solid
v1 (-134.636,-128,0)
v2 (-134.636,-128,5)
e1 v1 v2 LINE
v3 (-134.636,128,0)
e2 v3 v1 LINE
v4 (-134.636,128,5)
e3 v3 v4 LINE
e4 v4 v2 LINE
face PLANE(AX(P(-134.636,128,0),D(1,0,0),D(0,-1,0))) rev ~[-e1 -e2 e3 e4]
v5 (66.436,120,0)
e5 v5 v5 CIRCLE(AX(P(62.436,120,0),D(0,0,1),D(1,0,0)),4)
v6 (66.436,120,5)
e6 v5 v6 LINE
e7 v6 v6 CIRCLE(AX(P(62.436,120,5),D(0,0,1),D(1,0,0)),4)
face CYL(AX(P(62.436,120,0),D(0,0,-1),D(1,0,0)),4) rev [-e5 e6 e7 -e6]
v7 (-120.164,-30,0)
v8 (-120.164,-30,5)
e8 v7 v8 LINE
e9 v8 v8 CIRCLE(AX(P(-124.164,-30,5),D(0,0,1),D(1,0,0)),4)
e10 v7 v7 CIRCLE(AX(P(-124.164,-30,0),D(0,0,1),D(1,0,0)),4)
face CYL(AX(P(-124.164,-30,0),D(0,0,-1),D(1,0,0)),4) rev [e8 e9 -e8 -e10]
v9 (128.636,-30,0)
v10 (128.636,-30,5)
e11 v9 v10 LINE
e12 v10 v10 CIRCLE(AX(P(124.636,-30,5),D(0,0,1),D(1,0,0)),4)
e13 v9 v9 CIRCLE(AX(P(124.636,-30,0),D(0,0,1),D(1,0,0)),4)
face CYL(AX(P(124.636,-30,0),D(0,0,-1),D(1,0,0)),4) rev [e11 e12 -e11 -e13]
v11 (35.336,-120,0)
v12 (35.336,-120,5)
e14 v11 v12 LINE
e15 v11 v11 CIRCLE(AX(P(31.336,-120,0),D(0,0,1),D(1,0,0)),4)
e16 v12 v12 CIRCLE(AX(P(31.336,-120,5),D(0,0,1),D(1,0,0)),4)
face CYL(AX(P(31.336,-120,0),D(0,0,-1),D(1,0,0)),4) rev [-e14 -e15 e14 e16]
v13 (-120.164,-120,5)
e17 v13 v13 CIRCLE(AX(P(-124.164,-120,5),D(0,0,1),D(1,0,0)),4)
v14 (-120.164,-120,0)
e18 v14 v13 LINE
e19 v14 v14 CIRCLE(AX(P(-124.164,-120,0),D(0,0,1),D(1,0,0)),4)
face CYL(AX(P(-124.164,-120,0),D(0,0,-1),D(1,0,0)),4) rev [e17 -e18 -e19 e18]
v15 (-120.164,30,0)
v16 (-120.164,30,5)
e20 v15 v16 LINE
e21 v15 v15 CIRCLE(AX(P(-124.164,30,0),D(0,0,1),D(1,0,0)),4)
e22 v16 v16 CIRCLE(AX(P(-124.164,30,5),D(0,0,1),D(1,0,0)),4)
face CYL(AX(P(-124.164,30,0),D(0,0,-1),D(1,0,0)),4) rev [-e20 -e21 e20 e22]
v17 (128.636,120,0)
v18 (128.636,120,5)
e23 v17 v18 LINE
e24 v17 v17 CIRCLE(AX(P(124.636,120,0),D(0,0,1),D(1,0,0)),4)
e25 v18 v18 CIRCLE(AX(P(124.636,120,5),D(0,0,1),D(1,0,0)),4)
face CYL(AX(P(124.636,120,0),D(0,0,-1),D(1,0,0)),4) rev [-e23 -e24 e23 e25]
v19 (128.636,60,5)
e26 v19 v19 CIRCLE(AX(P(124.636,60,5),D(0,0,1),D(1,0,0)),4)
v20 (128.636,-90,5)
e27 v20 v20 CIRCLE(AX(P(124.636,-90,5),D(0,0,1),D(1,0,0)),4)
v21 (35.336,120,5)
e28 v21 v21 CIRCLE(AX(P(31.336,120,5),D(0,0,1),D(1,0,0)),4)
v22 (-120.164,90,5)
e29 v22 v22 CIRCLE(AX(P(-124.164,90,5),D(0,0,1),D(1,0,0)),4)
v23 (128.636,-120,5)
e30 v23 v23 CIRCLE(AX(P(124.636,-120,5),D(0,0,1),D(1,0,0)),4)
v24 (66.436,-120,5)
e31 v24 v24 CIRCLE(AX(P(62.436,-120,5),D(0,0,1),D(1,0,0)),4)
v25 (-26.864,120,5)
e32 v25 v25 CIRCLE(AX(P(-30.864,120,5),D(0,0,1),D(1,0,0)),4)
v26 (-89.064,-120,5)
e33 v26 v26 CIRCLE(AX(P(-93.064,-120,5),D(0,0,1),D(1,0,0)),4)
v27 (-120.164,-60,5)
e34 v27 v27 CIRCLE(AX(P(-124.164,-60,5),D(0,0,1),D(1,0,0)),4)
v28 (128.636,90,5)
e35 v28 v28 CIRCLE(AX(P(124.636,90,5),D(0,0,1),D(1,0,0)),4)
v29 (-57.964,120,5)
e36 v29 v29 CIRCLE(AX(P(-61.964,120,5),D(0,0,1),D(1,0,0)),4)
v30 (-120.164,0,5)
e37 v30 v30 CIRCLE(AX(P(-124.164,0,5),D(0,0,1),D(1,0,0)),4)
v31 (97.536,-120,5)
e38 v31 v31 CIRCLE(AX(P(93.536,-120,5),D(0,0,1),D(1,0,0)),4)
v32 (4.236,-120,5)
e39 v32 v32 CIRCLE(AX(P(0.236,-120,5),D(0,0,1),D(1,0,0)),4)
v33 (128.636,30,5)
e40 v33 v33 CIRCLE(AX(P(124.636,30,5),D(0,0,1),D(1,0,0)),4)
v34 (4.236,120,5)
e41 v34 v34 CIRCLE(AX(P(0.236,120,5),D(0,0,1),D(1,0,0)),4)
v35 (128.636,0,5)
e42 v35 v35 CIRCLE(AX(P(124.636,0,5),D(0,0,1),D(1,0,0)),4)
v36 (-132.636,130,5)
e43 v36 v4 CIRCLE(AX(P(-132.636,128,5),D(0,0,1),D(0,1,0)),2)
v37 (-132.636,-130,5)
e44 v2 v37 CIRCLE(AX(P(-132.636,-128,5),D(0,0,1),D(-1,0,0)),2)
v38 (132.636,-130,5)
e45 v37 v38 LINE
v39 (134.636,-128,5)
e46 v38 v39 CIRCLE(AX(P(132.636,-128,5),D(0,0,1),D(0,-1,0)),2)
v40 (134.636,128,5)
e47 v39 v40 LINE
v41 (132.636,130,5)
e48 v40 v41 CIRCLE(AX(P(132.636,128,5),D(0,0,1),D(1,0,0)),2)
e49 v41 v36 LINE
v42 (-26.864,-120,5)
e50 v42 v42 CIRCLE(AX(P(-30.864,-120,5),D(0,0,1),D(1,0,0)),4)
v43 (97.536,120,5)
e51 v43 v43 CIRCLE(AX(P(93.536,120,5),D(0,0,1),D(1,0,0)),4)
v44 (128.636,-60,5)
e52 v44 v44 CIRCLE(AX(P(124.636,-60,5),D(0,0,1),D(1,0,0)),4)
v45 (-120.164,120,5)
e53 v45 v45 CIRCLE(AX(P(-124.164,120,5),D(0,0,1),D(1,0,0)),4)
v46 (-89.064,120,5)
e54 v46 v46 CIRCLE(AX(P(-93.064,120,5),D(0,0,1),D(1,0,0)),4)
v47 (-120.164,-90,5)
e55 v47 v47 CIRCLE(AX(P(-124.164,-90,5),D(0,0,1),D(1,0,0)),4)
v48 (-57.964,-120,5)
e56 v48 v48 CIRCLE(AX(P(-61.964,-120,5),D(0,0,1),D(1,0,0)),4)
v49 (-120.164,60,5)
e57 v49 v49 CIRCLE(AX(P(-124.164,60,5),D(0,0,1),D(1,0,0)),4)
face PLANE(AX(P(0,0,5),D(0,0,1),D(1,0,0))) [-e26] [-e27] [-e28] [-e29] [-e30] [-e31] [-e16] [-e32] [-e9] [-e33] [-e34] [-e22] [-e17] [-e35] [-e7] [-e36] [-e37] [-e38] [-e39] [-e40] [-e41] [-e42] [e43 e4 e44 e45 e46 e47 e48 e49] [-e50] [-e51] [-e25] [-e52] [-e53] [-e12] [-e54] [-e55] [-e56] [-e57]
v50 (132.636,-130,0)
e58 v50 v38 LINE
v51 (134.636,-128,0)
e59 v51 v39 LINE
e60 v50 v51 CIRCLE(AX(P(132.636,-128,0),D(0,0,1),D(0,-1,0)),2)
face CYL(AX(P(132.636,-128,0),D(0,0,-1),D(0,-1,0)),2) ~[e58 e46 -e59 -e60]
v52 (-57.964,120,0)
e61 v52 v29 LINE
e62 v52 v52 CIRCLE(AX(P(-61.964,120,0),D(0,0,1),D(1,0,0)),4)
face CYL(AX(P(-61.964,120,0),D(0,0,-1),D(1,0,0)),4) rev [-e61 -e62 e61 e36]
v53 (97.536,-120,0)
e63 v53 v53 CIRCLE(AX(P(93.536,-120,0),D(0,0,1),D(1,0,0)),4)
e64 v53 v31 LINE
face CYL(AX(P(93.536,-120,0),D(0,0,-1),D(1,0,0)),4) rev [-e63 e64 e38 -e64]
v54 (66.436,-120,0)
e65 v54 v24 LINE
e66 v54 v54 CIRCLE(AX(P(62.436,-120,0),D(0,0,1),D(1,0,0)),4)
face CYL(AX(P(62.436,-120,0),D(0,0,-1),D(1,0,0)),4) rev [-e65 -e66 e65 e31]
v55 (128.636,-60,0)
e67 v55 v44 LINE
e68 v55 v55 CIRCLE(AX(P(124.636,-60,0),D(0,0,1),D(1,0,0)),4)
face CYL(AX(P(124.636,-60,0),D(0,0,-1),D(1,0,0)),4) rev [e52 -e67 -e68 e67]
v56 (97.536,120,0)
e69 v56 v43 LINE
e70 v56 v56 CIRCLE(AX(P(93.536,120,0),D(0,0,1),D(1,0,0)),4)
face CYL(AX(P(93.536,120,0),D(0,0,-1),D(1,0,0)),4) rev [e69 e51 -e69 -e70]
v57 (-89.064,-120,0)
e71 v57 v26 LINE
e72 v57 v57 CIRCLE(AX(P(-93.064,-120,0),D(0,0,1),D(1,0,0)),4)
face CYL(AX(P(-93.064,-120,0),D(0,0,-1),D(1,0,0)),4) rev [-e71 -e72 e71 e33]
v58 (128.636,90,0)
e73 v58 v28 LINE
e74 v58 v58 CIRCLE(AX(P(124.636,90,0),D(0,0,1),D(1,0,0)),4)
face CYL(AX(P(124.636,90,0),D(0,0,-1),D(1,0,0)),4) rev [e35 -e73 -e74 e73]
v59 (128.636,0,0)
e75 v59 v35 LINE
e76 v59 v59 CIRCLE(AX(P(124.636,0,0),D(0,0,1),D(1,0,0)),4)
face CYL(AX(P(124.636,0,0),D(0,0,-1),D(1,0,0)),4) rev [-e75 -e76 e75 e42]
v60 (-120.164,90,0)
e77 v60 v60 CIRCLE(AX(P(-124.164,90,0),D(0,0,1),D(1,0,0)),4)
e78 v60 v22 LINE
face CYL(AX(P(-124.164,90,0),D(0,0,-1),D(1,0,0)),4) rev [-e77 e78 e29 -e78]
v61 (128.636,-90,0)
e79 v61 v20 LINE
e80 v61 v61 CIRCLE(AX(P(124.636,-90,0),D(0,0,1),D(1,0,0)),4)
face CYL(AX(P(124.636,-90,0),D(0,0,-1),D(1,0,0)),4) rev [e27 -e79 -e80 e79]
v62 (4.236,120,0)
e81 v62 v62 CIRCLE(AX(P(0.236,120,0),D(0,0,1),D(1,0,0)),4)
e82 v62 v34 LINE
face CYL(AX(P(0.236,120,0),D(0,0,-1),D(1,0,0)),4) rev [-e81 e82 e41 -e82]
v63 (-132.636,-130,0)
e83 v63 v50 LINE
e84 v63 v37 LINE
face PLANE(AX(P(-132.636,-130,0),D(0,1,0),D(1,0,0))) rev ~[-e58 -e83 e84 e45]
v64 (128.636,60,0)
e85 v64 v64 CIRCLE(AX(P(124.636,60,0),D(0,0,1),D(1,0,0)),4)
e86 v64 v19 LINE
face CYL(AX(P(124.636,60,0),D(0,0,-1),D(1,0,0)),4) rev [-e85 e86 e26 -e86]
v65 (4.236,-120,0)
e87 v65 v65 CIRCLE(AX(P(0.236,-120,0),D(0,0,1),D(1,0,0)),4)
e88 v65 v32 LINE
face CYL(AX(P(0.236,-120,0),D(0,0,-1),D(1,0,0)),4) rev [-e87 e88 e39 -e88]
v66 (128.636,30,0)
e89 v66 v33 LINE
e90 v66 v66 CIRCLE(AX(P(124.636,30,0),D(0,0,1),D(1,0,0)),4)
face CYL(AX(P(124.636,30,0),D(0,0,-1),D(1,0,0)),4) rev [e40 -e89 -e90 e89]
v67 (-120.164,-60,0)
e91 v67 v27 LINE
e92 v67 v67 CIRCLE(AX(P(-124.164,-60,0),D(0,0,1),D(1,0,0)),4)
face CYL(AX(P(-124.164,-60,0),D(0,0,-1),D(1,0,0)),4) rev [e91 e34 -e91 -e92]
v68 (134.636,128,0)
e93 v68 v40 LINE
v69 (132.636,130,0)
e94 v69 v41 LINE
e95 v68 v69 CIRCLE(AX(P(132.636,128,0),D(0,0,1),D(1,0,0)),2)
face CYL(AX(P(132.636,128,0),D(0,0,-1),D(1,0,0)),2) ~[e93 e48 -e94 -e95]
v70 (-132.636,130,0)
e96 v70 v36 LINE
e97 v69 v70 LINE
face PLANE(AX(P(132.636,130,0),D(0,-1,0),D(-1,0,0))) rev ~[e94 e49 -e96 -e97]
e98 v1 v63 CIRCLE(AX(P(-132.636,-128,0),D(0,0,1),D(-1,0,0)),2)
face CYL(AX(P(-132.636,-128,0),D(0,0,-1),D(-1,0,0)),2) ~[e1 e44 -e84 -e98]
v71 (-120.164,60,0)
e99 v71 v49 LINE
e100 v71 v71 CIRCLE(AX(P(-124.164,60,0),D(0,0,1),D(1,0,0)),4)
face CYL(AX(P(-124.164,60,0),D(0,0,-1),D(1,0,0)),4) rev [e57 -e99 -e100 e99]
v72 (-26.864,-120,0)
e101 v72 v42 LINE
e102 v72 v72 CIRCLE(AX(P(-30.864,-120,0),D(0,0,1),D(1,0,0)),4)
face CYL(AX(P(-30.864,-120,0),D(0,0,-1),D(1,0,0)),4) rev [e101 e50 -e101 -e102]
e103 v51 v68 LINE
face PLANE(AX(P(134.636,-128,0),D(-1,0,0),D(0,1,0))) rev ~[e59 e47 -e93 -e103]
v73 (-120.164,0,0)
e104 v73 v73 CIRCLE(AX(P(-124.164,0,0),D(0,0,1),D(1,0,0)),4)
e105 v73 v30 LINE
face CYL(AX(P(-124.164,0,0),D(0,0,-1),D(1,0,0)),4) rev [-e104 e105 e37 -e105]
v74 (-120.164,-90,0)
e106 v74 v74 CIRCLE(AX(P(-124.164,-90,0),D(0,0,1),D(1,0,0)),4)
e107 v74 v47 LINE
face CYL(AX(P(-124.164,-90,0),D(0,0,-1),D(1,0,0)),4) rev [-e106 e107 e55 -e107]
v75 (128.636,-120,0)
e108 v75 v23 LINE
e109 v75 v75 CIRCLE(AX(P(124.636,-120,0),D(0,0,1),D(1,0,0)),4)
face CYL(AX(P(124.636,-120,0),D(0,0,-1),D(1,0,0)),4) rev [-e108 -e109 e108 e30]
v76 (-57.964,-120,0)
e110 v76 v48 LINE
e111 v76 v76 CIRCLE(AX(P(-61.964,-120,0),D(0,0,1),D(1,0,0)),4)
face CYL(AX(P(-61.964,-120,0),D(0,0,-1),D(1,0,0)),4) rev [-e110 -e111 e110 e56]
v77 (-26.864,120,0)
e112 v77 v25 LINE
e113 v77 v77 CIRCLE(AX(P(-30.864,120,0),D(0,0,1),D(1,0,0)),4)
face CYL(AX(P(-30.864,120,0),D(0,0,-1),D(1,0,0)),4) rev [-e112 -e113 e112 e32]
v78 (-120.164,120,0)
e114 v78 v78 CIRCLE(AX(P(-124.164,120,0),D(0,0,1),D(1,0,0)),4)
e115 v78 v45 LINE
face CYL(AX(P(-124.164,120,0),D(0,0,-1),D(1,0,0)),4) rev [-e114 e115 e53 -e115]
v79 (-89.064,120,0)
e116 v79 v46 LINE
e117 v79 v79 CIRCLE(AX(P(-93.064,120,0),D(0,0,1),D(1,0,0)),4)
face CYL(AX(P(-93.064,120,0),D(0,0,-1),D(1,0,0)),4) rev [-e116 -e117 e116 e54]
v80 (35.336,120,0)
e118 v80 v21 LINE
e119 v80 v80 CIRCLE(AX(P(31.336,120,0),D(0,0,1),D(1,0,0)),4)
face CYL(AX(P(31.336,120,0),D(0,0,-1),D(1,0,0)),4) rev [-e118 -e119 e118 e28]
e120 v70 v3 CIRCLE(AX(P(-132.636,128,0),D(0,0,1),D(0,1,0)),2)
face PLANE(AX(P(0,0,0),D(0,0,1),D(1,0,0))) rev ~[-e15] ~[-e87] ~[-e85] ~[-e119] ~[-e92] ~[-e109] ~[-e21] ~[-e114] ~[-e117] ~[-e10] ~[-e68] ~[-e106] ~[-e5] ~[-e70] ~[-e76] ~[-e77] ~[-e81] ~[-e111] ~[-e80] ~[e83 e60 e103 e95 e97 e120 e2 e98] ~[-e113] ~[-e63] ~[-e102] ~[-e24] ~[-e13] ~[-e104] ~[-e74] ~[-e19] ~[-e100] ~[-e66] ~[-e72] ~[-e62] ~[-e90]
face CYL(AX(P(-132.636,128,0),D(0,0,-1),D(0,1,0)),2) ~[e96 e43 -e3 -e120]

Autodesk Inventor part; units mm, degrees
ref_plane "YZ Plane" through (0, 0, 0) normal (1, 0, 0) x (0, 1, 0)
ref_plane "XZ Plane" through (0, 0, 0) normal (0, 1, 0) x (-1, 0, 0)
ref_plane "XY Plane" through (0, 0, 0) normal (0, 0, 1) x (1, 0, 0)
ref_plane "РабПлоскость1" through (0, 0, 0) normal (0, 0, 1) x (1, 0, 0)
sketch "Эскиз1" plane through (0, 0, 0) normal (0, 0, 1) x (1, 0, 0)
  line L0 (-132.636, -130) -> (132.636, -130) projected
  arc A0 (132.636, -130) -> (134.636, -128) centre (132.636, -128) ccw projected
  line L1 (134.636, -128) -> (134.636, 128) projected
  arc A1 (134.636, 128) -> (132.636, 130) centre (132.636, 128) ccw projected
  line L2 (132.636, 130) -> (-132.636, 130) projected
  arc A2 (-132.636, 130) -> (-134.636, 128) centre (-132.636, 128) ccw projected
  line L3 (-134.636, 128) -> (-134.636, -128) projected
  arc A3 (-134.636, -128) -> (-132.636, -130) centre (-132.636, -128) ccw projected
  circle A4 centre (124.636, 120) radius 4 projected
  circle A5 centre (62.436, 120) radius 4 projected
  circle A6 centre (0.236, 120) radius 4 projected
  circle A7 centre (-61.964, 120) radius 4 projected
  circle A8 centre (-124.164, 120) radius 4 projected
  circle A9 centre (-124.164, 90) radius 4 projected
  circle A10 centre (-124.164, 60) radius 4 projected
  circle A11 centre (-124.164, 30) radius 4 projected
  circle A12 centre (-124.164, 0) radius 4 projected
  circle A13 centre (-124.164, -30) radius 4 projected
  circle A14 centre (-124.164, -60) radius 4 projected
  circle A15 centre (-124.164, -90) radius 4 projected
  circle A16 centre (93.536, -120) radius 4 projected
  circle A17 centre (62.436, -120) radius 4 projected
  circle A18 centre (31.336, -120) radius 4 projected
  circle A19 centre (0.236, -120) radius 4 projected
  circle A20 centre (-30.864, -120) radius 4 projected
  circle A21 centre (-61.964, -120) radius 4 projected
  circle A22 centre (-93.064, -120) radius 4 projected
  circle A23 centre (-124.164, -120) radius 4 projected
  circle A24 centre (124.636, -120) radius 4 projected
  circle A25 centre (124.636, -90) radius 4 projected
  circle A26 centre (124.636, -60) radius 4 projected
  circle A27 centre (124.636, -30) radius 4 projected
  circle A28 centre (124.636, 0) radius 4 projected
  circle A29 centre (124.636, 30) radius 4 projected
  circle A30 centre (124.636, 60) radius 4 projected
  circle A31 centre (124.636, 90) radius 4 projected
  circle A32 centre (-93.064, 120) radius 4 projected
  circle A33 centre (-30.864, 120) radius 4 projected
  circle A34 centre (31.336, 120) radius 4 projected
  circle A35 centre (93.536, 120) radius 4 projected
  line L4 (-115.364, -110) -> (-115.364, 110) projected
  line L5 (-115.364, 110) -> (114.636, 110) projected
  line L6 (114.636, 110) -> (114.636, -110) projected
  line L7 (114.636, -110) -> (-115.364, -110) projected
  point P0 (0, 0)
extrude "Выдавливание1" add sketch "Эскиз1" along normal blind 5 contours A3 L3 A2 L2 A1 L1 A0 L0 | L4 L5 L6 L7
properties part number "Крышка воды зад" material "Чугун, серый"
